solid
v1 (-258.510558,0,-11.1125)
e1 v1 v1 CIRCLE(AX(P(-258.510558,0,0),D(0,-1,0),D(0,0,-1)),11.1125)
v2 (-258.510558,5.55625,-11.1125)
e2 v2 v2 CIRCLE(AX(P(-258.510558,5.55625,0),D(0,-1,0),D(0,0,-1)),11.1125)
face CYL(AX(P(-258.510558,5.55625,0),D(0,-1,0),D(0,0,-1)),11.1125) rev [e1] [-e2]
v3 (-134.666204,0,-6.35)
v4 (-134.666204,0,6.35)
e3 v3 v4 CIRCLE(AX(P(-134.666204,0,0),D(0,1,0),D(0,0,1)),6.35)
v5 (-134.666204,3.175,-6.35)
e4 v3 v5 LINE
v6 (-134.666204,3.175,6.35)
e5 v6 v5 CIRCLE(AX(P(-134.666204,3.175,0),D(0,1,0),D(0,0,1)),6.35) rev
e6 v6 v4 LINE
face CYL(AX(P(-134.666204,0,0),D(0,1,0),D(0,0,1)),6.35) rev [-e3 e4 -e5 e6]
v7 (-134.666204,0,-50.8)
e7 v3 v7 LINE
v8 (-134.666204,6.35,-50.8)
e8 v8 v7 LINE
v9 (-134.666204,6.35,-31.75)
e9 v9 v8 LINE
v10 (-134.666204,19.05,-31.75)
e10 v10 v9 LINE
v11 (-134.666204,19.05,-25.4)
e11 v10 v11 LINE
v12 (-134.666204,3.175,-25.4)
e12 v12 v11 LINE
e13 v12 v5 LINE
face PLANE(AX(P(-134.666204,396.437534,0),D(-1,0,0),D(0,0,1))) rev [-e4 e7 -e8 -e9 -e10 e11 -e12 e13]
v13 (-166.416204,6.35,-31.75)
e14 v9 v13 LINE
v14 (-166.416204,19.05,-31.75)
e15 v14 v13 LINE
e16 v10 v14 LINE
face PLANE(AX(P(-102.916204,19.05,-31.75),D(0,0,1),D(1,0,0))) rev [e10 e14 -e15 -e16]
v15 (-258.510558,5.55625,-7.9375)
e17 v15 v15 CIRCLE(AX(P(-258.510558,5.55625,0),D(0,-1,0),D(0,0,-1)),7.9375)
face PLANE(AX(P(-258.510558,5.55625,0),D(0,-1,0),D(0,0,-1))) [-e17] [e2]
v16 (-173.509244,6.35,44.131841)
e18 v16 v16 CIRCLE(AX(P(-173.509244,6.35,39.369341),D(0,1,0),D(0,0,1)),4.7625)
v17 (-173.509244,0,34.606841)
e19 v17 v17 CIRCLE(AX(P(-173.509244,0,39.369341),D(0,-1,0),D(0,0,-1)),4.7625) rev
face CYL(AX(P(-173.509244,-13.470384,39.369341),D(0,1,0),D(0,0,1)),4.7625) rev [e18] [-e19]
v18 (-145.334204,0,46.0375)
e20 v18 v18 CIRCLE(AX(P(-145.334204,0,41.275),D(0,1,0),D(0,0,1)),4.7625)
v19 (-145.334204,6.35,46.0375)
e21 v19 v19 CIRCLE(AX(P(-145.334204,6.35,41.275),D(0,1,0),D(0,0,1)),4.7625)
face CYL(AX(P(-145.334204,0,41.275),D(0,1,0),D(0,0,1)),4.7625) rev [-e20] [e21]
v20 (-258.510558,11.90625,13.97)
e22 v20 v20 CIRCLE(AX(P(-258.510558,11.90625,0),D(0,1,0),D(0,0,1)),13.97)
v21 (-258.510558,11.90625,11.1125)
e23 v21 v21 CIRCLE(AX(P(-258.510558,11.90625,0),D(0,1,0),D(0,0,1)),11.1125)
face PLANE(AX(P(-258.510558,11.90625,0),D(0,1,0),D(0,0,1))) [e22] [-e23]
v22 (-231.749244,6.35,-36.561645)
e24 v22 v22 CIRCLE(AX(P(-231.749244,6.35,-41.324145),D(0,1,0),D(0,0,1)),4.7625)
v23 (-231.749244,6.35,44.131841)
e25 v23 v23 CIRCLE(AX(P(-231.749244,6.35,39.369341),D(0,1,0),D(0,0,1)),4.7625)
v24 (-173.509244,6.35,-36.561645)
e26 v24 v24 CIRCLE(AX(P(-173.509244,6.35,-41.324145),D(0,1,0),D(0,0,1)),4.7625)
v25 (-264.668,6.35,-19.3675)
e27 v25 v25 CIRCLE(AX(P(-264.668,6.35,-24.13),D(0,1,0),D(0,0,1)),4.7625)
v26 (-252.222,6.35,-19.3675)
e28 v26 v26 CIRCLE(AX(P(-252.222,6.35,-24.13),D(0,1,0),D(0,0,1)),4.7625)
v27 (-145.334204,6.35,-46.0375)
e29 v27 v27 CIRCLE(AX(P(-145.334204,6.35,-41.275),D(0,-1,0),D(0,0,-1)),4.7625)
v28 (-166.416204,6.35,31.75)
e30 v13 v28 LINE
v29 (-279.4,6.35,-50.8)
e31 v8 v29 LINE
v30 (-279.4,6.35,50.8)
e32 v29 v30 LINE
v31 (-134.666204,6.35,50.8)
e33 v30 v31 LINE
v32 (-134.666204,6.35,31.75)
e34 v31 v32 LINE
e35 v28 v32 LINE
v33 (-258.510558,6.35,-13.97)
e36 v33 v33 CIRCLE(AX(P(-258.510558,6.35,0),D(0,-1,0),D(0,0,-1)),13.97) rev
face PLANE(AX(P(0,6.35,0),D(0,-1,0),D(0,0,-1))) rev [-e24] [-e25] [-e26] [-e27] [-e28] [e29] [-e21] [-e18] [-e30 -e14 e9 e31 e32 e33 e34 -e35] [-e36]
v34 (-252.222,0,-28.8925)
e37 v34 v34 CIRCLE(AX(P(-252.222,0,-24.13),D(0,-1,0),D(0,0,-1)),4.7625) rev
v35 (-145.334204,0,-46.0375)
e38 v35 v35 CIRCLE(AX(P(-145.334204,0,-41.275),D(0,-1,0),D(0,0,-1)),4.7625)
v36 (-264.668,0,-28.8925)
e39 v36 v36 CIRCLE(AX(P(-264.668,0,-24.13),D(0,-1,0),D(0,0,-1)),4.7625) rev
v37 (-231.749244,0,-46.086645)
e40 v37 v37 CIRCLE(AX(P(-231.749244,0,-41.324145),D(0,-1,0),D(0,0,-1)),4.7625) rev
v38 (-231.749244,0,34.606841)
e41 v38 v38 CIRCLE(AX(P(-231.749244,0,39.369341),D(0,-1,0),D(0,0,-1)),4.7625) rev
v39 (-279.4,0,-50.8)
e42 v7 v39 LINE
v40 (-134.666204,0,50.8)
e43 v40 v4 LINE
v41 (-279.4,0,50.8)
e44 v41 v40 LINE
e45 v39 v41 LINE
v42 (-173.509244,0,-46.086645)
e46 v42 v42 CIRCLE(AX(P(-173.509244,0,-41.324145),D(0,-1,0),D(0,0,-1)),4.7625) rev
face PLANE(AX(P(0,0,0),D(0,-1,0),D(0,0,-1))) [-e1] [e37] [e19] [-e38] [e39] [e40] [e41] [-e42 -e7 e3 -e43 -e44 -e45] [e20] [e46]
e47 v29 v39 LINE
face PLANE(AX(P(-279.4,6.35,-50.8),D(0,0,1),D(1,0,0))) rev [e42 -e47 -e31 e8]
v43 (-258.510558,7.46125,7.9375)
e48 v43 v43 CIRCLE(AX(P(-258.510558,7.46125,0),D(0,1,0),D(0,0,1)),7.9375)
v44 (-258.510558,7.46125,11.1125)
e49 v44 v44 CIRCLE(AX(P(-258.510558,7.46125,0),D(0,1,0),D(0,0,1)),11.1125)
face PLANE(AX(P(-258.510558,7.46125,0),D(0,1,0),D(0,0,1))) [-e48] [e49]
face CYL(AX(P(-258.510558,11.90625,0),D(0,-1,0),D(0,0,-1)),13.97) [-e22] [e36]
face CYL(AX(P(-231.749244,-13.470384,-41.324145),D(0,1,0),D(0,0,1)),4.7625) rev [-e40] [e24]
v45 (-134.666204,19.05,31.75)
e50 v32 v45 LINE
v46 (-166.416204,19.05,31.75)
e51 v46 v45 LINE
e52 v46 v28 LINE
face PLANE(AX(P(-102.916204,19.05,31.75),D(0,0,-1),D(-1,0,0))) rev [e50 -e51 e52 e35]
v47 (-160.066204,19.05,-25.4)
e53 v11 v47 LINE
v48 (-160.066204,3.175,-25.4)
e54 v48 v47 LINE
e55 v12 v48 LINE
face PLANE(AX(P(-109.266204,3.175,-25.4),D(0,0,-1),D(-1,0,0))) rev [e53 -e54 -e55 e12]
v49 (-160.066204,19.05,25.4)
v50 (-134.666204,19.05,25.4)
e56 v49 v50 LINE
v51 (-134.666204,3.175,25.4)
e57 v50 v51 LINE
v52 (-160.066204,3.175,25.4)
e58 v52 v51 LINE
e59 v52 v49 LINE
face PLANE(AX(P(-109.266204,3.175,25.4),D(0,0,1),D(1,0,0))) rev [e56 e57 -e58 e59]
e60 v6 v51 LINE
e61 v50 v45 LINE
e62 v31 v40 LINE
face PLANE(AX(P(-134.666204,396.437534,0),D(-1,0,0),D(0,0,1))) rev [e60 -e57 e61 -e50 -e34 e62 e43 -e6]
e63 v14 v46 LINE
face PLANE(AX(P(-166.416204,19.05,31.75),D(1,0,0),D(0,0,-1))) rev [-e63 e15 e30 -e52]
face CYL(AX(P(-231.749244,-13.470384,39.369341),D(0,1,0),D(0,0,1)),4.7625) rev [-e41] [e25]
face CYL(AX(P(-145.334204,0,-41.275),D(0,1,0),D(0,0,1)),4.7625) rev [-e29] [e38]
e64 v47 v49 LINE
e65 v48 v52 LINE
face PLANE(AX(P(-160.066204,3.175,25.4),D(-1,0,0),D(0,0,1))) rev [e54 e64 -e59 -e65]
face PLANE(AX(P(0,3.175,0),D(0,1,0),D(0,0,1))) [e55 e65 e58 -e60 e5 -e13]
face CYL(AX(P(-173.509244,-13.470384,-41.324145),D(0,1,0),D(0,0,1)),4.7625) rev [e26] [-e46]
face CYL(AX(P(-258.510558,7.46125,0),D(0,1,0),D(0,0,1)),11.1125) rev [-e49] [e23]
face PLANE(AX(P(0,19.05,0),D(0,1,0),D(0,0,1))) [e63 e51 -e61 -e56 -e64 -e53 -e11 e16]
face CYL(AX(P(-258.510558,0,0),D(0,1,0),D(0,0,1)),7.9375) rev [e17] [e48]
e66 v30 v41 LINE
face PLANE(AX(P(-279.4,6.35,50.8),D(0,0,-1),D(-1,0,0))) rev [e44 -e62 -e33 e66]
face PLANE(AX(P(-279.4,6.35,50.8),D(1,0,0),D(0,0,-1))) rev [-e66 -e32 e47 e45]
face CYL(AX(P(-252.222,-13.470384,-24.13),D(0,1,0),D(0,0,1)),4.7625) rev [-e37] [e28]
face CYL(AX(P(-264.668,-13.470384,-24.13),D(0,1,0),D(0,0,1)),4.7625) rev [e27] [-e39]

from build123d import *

# Parameters (mm, degrees)
SKETCH1_W                = 279.4
SKETCH1_H                = 101.6
BOSS_EXTRUDE1_DEPTH      = 6.35
SKETCH2_R                = 13.97
BOSS_EXTRUDE3_DEPTH      = 5.55625
SKETCH9_R                = 11.1125
CUT_EXTRUDE4_DEPTH       = 4.445
CUT_EXTRUDE5_START       = -5.55625
SKETCH10_R               = 11.1125
CUT_EXTRUDE5_DEPTH       = 5.55625
SKETCH11_R               = 7.9375
CUT_EXTRUDE6_DEPTH       = 285.078633923
SKETCH12_R               = 6.35
CUT_EXTRUDE7_DEPTH       = 285.051619429
SKETCH22_W               = 63.5
SKETCH22_H               = 63.5
BOSS_EXTRUDE7_DEPTH      = 12.7
SKETCH25_W               = 50.8
SKETCH25_H               = 50.8
CUT_EXTRUDE11_DEPTH      = 15.875
SKETCH32_R               = 4.7625
CUT_EXTRUDE12_DEPTH      = 6.35
SKETCH38_W               = 46.99
SKETCH38_H               = 18.470251096
CUT_EXTRUDE13_DEPTH      = 6.35
SKETCH60_R               = 4.7625
CUT_EXTRUDE23_DEPTH      = 6.35
SKETCH64_R               = 4.7625
CUT_EXTRUDE24_DEPTH      = 285.264471927
SKETCH69_W               = 33.02
SKETCH69_H               = 6.35
BOSS_EXTRUDE10_DEPTH     = 19.05
SKETCH70_R               = 4.7625
SKETCH70_R_2             = 2.54
CUT_EXTRUDE26_DEPTH      = 6.35
SKETCH76_R               = 4.7625
CUT_EXTRUDE29_DEPTH      = 6.35
SKETCH77_W               = 46.99
SKETCH77_H               = 16.7871648
CUT_EXTRUDE30_DEPTH      = 6.35
SKETCH78_W               = 49.276
SKETCH78_H               = 66.342584104
CUT_EXTRUDE32_DEPTH      = 1.524
SKETCH79_R               = 4.7625
CUT_EXTRUDE33_DEPTH      = 4.826
CUT_EXTRUDE34_DEPTH      = 289.436124861
CUT_EXTRUDE34_DEPTH_BACK = 289.436124861


with BuildPart() as part:
    # Sketch1 → Boss-Extrude1 (new body)
    with BuildSketch(Plane(origin=(0, 0, 0), x_dir=(1, 0, 0), z_dir=(0, 1, 0))):
        with Locations((-139.7, 0)):
            Rectangle(SKETCH1_W, SKETCH1_H)
    extrude(amount=BOSS_EXTRUDE1_DEPTH)

    # Sketch2 → Boss-Extrude3 (add)
    with BuildSketch(Plane(origin=(0, 6.35, 0), x_dir=(1, 0, 0), z_dir=(0, 1, 0))):
        with Locations(Location((-258.510557857, 0, 0), (0, 0, 90))):
            Circle(SKETCH2_R)
    extrude(amount=BOSS_EXTRUDE3_DEPTH)

    # Sketch9 → Cut-Extrude4 (cut)
    with BuildSketch(Plane(origin=(0, 11.90625, 0), x_dir=(1, 0, 0), z_dir=(0, 1, 0))):
        with Locations(Location((-258.510557857, 0, 0), (0, 0, 270))):
            Circle(SKETCH9_R)
    extrude(amount=-CUT_EXTRUDE4_DEPTH, mode=Mode.SUBTRACT)

    # Sketch10 → Cut-Extrude5 (cut)
    with BuildSketch(Plane(origin=(0, 0, 0), x_dir=(-1, 0, 0), z_dir=(0, -1, 0)).offset(CUT_EXTRUDE5_START)):
        with Locations(Location((258.510557857, 0, 0), (0, 0, 270))):
            Circle(SKETCH10_R)
    extrude(amount=CUT_EXTRUDE5_DEPTH, mode=Mode.SUBTRACT)

    # Sketch11 → Cut-Extrude6 (cut, through all)
    with BuildSketch(Plane(origin=(0, 7.46125, 0), x_dir=(1, 0, 0), z_dir=(0, 1, 0))):
        with Locations(Location((-258.510557857, 0, 0), (0, 0, 270))):
            Circle(SKETCH11_R)
    extrude(amount=-CUT_EXTRUDE6_DEPTH, mode=Mode.SUBTRACT)

    # Sketch12 → Cut-Extrude7 (cut, through all)
    with BuildSketch(Plane(origin=(0, 6.35, 0), x_dir=(1, 0, 0), z_dir=(0, 1, 0))):
        with Locations(Location((-134.666203771, 0, 0), (0, 0, 270))):
            Circle(SKETCH12_R)
    extrude(amount=-CUT_EXTRUDE7_DEPTH, mode=Mode.SUBTRACT)

    # Sketch22 → Boss-Extrude7 (add)
    with BuildSketch(Plane(origin=(0, 6.35, 0), x_dir=(1, 0, 0), z_dir=(0, 1, 0))):
        with Locations((-134.666203771, 0)):
            Rectangle(SKETCH22_W, SKETCH22_H)
    extrude(amount=BOSS_EXTRUDE7_DEPTH)

    # Sketch25 → Cut-Extrude11 (cut)
    with BuildSketch(Plane(origin=(0, 19.05, 0), x_dir=(1, 0, 0), z_dir=(0, 1, 0))):
        with Locations((-134.666203771, 0)):
            Rectangle(SKETCH25_W, SKETCH25_H)
    extrude(amount=-CUT_EXTRUDE11_DEPTH, mode=Mode.SUBTRACT)

    # Sketch32 → Cut-Extrude12 (cut)
    with BuildSketch(Plane(origin=(0, 6.35, 0), x_dir=(1, 0, 0), z_dir=(0, 1, 0))):
        with Locations(Location((-67.44195898, -40.64, 0), (0, 0, 270))):
            Circle(SKETCH32_R)
        with Locations(Location((-81.41195898, -40.64, 0), (0, 0, 270))):
            Circle(SKETCH32_R)
        with Locations(Location((-67.44195898, 40.64, 0), (0, 0, 270))):
            Circle(SKETCH32_R)
        with Locations(Location((-81.41195898, 40.64, 0), (0, 0, 270))):
            Circle(SKETCH32_R)
    extrude(amount=-CUT_EXTRUDE12_DEPTH, mode=Mode.SUBTRACT)

    # Sketch38 → Cut-Extrude13 (cut)
    with BuildSketch(Plane(origin=(0, 6.35, 0), x_dir=(1, 0, 0), z_dir=(0, 1, 0))):
        with Locations((-23.495, -24.777709652)):
            Rectangle(SKETCH38_W, SKETCH38_H)
    extrude(amount=-CUT_EXTRUDE13_DEPTH, mode=Mode.SUBTRACT)

    # Sketch60 → Cut-Extrude23 (cut)
    with BuildSketch(Plane(origin=(0, 6.35, 0), x_dir=(1, 0, 0), z_dir=(0, 1, 0))):
        with Locations(Location((-231.7492444, 41.324145444, 0), (0, 0, 270))):
            Circle(SKETCH60_R)
        with Locations(Location((-231.7492444, -39.369341378, 0), (0, 0, 270))):
            Circle(SKETCH60_R)
        with Locations(Location((-173.509244294, -39.369341378, 0), (0, 0, 270))):
            Circle(SKETCH60_R)
        with Locations(Location((-173.509244294, 41.324145444, 0), (0, 0, 270))):
            Circle(SKETCH60_R)
    extrude(amount=-CUT_EXTRUDE23_DEPTH, mode=Mode.SUBTRACT)

    # Sketch64 → Cut-Extrude24 (cut, through all)
    with BuildSketch(Plane(origin=(0, 6.35, 0), x_dir=(1, 0, 0), z_dir=(0, 1, 0))):
        with Locations(Location((-145.334203771, -41.275, 0), (0, 0, 270))):
            Circle(SKETCH64_R)
        with Locations(Location((-123.998203771, -41.275, 0), (0, 0, 270))):
            Circle(SKETCH64_R)
    cut_extrude24 = extrude(amount=-CUT_EXTRUDE24_DEPTH, mode=Mode.SUBTRACT)

    # Mirror1: Cut-Extrude24 across plane
    add(cut_extrude24.mirror(Plane.XY), mode=Mode.SUBTRACT)

    # Sketch69 → Boss-Extrude10 (add)
    with BuildSketch(Plane.XY.offset(50.8)):
        with Locations((-70.465355554, 3.175)):
            Rectangle(SKETCH69_W, SKETCH69_H)
    boss_extrude10 = extrude(amount=BOSS_EXTRUDE10_DEPTH)

    # Sketch70 → Cut-Extrude26 (cut)
    with BuildSketch(Plane(origin=(0, 6.35, 0), x_dir=(1, 0, 0), z_dir=(0, 1, 0))):
        with Locations(Location((-76.815355554, -60.325, 0), (0, 0, 270))):
            Circle(SKETCH70_R)
        with Locations(Location((-64.115355554, -60.325, 0), (0, 0, 270))):
            Circle(SKETCH70_R_2)
    cut_extrude26 = extrude(amount=-CUT_EXTRUDE26_DEPTH, mode=Mode.SUBTRACT)

    # Mirror2: Boss-Extrude10, Cut-Extrude26 across plane
    add(boss_extrude10.mirror(Plane.XY))
    add(cut_extrude26.mirror(Plane.XY), mode=Mode.SUBTRACT)

    # Sketch76 → Cut-Extrude29 (cut)
    with BuildSketch(Plane(origin=(0, 6.35, 0), x_dir=(1, 0, 0), z_dir=(0, 1, 0))):
        with Locations(Location((-264.668, 24.13, 0), (0, 0, 270))):
            Circle(SKETCH76_R)
        with Locations(Location((-252.222, 24.13, 0), (0, 0, 270))):
            Circle(SKETCH76_R)
    extrude(amount=-CUT_EXTRUDE29_DEPTH, mode=Mode.SUBTRACT)

    # Sketch77 → Cut-Extrude30 (cut)
    with BuildSketch(Plane(origin=(0, 6.35, 0), x_dir=(1, 0, 0), z_dir=(0, 1, 0))):
        with Locations((-23.495, -42.4064176)):
            Rectangle(SKETCH77_W, SKETCH77_H)
    extrude(amount=-CUT_EXTRUDE30_DEPTH, mode=Mode.SUBTRACT)

    # Sketch78 → Cut-Extrude32 (cut)
    with BuildSketch(Plane(origin=(0, 6.35, 0), x_dir=(1, 0, 0), z_dir=(0, 1, 0))):
        with Locations((-24.638, 17.628707948)):
            Rectangle(SKETCH78_W, SKETCH78_H)
    extrude(amount=-CUT_EXTRUDE32_DEPTH, mode=Mode.SUBTRACT)

    # Sketch79 → Cut-Extrude33 (cut)
    with BuildSketch(Plane(origin=(0, 4.826, 0), x_dir=(1, 0, 0), z_dir=(0, 1, 0))):
        with Locations(Location((-23.876, 15.191415896, 0), (0, 0, 270))):
            Circle(SKETCH79_R)
    extrude(amount=-CUT_EXTRUDE33_DEPTH, mode=Mode.SUBTRACT)

    # Sketch80 → Cut-Extrude34 (cut, two sides: drawn at the far end of the back side and taken through both)
    with BuildSketch(Plane(origin=(0, 3.175, 0), x_dir=(1, 0, 0), z_dir=(0, 1, 0)).offset(-CUT_EXTRUDE34_DEPTH_BACK)):
        Polygon((-134.666203771, 437.651664562), (-134.666203771, 50.8), (-134.666203771, 0), (-134.666203771, -50.8), (-134.666203771, -437.651664562), (639.037125352, -437.651664562), (639.037125352, 437.651664562), align=None)
    extrude(amount=CUT_EXTRUDE34_DEPTH + CUT_EXTRUDE34_DEPTH_BACK, mode=Mode.SUBTRACT)


solid = part.part
